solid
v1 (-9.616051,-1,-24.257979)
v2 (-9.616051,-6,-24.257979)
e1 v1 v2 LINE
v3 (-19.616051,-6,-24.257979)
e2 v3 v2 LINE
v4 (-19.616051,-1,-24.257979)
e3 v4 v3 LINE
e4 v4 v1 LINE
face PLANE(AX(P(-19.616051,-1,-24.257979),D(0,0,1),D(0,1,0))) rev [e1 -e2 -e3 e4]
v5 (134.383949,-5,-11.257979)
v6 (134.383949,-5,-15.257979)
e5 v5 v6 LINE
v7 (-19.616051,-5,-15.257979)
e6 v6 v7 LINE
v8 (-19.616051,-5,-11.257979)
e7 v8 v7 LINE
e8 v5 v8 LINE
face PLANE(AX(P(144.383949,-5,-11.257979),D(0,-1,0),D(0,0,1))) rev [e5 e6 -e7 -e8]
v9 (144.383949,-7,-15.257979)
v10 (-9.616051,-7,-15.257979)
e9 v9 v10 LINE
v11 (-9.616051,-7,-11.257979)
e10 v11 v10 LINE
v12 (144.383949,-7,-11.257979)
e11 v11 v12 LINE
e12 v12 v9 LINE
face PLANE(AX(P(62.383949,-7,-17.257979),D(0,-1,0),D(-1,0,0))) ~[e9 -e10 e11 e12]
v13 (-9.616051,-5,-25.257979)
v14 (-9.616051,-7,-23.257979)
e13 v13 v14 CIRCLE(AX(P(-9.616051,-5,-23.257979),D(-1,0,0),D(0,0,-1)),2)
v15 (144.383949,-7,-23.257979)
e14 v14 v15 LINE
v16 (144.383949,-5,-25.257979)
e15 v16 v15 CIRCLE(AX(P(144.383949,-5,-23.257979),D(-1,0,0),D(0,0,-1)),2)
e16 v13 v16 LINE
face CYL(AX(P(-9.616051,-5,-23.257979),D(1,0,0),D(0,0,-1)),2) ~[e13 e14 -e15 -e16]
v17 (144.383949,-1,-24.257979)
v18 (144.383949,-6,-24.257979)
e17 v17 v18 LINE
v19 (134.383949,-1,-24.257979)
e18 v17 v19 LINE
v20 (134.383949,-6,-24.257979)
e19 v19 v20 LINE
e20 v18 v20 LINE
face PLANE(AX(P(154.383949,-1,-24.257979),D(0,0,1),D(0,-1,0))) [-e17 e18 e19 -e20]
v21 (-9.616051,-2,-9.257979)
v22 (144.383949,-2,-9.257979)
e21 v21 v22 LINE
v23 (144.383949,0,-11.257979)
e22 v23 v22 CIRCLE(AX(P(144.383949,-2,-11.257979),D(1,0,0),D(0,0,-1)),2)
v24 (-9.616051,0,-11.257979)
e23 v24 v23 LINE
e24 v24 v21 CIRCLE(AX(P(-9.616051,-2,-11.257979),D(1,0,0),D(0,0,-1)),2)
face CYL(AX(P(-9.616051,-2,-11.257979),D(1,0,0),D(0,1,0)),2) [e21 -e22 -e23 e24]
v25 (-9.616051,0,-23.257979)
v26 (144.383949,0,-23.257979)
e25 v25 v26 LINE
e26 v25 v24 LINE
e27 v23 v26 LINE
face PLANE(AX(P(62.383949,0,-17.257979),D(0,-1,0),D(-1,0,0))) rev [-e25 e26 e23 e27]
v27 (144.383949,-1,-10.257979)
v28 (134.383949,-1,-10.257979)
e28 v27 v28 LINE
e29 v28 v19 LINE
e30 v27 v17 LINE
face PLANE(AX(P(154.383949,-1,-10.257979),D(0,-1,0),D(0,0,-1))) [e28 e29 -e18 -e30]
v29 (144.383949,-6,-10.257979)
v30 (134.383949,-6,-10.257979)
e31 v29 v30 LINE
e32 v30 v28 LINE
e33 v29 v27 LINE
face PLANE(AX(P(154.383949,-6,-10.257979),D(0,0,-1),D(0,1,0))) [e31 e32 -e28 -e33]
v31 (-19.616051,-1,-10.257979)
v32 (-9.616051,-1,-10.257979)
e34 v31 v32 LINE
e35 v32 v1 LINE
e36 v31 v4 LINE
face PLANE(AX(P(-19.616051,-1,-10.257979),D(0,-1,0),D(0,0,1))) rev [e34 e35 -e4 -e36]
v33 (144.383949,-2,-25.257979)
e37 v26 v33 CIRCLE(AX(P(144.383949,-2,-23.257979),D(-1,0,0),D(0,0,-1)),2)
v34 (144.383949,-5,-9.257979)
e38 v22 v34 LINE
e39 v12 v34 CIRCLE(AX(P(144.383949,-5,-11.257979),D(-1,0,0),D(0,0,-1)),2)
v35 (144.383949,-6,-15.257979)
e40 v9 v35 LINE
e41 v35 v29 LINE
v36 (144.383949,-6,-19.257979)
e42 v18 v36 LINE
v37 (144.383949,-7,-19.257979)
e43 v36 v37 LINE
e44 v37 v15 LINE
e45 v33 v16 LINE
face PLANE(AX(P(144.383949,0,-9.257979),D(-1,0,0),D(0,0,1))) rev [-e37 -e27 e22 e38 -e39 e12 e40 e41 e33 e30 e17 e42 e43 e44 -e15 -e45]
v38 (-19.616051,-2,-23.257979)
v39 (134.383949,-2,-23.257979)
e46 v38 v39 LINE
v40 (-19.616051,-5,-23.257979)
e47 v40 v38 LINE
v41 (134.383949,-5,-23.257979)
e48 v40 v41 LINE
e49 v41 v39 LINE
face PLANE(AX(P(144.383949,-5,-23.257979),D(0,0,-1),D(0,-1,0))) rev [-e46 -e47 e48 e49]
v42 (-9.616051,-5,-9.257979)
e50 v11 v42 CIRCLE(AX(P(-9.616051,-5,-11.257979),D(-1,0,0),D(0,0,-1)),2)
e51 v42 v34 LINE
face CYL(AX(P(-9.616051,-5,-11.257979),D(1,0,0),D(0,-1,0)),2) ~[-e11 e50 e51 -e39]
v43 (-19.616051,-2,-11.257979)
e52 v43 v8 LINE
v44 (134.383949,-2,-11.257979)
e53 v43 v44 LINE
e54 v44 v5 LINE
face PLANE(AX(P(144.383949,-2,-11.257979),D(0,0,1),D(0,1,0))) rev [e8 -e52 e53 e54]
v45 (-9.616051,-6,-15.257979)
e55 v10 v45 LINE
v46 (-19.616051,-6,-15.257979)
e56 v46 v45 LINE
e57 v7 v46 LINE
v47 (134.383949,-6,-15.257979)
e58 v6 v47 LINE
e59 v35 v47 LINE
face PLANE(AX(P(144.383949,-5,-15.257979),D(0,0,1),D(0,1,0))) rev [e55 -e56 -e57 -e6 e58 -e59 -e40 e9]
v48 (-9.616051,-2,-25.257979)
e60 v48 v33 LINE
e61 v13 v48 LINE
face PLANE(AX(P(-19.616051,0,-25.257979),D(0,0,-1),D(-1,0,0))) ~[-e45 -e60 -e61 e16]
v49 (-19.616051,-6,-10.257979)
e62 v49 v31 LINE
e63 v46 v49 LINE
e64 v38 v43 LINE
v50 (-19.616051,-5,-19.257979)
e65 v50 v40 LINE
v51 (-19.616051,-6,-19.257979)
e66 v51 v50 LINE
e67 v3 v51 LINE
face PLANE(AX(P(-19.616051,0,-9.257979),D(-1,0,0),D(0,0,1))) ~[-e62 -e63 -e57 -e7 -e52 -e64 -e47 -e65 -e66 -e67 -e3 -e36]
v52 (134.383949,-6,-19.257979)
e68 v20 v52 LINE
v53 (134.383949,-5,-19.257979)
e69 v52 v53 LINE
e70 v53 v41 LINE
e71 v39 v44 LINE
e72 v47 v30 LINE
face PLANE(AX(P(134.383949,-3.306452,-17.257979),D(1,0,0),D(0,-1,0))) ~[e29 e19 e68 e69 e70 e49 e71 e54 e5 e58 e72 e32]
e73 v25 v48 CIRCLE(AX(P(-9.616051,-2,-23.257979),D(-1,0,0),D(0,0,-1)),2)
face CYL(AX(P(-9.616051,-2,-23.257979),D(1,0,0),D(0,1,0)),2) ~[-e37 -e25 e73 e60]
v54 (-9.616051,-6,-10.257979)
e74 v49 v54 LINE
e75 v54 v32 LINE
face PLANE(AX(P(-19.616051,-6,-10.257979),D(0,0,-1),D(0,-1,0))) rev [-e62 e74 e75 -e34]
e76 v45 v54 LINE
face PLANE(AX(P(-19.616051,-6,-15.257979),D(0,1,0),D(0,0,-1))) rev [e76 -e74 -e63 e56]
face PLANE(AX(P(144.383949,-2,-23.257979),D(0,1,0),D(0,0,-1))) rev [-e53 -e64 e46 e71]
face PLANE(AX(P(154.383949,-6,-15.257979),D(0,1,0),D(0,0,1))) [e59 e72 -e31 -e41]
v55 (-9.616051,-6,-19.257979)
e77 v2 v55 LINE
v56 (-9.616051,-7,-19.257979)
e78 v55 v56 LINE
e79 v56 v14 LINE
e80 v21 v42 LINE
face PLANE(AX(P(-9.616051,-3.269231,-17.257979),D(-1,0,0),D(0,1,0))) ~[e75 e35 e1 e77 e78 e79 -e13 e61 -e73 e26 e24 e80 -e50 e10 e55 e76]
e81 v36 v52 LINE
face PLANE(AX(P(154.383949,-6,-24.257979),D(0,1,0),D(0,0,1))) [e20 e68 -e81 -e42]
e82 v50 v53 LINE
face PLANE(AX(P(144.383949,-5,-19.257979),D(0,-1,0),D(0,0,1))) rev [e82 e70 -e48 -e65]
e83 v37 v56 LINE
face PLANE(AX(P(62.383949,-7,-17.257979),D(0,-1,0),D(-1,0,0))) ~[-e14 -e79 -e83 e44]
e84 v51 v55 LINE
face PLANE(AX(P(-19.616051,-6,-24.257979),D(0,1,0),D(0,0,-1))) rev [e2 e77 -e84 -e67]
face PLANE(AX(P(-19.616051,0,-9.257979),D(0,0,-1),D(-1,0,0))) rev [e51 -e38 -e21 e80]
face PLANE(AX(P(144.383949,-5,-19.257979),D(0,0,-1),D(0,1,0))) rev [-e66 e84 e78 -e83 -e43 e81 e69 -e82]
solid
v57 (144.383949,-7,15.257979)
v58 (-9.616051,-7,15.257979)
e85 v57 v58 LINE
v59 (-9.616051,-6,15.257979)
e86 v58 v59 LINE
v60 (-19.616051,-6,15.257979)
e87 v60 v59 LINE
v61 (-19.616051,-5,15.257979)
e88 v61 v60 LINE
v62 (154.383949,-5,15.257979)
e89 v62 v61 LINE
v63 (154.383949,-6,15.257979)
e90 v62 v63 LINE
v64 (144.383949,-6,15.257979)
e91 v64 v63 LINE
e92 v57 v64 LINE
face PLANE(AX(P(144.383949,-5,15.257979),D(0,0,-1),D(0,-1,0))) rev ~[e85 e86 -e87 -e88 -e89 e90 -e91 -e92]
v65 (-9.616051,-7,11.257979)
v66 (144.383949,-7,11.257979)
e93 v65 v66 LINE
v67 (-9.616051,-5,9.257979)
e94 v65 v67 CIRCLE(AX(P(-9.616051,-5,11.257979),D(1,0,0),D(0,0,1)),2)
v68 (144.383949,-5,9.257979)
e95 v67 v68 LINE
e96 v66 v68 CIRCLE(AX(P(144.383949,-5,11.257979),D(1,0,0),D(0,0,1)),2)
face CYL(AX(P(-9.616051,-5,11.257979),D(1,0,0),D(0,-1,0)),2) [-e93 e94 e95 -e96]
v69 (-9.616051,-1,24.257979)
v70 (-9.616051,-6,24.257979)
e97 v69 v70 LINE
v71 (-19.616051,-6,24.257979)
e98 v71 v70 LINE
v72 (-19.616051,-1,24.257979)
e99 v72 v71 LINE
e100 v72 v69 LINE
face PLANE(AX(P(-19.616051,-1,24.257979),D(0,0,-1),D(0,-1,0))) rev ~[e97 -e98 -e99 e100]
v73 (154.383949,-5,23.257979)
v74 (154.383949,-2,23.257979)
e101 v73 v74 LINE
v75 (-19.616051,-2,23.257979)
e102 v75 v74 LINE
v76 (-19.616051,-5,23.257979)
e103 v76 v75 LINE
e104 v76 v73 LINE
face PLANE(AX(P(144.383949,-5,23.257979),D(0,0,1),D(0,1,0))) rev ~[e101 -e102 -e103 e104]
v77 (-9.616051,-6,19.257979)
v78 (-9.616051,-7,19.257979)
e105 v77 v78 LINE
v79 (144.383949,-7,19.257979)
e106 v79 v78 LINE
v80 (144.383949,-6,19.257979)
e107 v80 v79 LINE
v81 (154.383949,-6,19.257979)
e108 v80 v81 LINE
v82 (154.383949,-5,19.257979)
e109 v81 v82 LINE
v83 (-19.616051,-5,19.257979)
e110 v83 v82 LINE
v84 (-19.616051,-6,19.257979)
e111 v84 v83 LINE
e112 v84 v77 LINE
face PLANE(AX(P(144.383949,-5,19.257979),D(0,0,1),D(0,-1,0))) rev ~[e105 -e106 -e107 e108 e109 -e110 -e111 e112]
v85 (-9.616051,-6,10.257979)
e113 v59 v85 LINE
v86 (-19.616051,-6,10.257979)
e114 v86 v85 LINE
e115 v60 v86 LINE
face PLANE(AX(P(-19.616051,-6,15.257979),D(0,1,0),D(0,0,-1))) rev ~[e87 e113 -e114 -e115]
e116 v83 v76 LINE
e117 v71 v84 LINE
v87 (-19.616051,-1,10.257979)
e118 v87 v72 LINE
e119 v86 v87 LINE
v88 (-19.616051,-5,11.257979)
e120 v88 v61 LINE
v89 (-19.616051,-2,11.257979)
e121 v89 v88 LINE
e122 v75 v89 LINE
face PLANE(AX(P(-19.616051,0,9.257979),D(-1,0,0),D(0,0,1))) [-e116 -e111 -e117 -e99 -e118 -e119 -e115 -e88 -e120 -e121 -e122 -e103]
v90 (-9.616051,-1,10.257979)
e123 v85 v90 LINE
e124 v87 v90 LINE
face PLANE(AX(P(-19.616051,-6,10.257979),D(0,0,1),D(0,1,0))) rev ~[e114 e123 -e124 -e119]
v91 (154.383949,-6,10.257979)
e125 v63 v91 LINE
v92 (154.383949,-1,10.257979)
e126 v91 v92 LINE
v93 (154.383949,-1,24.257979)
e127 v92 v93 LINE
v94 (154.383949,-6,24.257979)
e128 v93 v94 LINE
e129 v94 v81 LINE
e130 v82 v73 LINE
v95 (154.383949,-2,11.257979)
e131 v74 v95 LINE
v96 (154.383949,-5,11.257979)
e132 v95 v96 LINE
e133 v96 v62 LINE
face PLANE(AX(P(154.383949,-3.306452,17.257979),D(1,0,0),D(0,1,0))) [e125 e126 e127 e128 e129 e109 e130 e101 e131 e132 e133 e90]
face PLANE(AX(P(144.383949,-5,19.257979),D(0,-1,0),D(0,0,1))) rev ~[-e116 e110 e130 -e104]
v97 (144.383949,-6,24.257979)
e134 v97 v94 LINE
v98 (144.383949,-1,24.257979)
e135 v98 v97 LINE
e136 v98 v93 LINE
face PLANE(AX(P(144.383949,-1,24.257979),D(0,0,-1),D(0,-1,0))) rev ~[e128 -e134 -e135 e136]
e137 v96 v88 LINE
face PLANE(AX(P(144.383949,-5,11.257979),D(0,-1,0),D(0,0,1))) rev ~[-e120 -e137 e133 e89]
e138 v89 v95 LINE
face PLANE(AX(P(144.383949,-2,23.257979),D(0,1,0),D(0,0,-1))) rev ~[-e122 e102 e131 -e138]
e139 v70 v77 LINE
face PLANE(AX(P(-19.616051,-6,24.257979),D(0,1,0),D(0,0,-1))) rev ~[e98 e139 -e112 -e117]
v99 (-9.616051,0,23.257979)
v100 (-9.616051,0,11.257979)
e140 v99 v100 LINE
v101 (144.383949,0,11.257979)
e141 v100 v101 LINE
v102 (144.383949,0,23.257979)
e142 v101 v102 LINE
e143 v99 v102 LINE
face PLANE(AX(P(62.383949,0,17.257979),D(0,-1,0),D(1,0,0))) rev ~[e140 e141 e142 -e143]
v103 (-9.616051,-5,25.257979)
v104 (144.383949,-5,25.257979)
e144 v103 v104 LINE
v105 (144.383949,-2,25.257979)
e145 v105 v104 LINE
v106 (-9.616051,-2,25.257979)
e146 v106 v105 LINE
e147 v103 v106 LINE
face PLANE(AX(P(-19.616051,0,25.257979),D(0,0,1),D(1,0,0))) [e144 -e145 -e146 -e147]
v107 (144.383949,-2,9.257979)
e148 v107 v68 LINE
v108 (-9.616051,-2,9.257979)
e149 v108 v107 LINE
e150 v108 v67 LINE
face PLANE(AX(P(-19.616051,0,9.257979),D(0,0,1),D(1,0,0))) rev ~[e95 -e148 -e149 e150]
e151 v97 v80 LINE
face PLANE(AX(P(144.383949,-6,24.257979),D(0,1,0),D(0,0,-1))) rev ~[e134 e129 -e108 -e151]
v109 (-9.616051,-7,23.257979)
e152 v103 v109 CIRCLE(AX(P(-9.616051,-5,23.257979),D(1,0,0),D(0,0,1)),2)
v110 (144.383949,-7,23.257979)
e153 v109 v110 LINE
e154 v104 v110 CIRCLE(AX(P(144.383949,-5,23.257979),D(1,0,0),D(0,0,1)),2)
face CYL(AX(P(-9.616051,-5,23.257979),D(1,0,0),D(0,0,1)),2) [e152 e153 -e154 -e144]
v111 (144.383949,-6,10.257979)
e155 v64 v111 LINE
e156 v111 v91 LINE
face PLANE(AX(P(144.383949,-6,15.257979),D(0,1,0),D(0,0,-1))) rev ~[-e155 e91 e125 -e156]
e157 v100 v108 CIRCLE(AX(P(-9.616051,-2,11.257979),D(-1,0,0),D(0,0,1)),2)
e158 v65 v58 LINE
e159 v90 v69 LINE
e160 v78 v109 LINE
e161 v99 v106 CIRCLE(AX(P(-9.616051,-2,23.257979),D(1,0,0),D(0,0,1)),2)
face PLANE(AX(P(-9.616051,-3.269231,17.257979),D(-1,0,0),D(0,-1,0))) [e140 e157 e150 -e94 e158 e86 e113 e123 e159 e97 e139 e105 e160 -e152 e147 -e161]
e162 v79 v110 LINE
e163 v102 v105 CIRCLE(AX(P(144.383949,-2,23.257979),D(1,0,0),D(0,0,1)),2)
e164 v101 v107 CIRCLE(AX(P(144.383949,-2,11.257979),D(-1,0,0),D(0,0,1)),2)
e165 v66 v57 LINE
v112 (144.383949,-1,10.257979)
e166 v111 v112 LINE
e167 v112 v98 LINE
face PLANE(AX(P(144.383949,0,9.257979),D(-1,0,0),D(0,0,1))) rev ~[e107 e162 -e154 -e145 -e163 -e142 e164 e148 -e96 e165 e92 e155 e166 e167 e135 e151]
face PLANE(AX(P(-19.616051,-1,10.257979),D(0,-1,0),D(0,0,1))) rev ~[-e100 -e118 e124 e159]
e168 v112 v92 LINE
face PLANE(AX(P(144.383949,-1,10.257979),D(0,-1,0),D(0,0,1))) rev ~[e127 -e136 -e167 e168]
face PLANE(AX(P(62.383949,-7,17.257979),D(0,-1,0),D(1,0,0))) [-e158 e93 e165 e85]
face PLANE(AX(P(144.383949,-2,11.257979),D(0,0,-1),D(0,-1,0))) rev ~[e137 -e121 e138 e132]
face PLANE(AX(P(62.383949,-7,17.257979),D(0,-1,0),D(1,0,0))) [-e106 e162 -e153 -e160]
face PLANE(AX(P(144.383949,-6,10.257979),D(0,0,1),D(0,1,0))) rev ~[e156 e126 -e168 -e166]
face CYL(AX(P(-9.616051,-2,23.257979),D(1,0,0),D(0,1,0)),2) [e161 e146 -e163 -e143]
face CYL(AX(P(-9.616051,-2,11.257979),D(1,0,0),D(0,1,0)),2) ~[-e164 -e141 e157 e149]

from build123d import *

# Parameters (mm, degrees)
F0_W      = 164
F0_H      = 16
F1_DEPTH  = 7
F3_DEPTH  = 164.001
F5_DEPTH  = 10
F7_DEPTH  = 10
F8_R      = 2
F10_DEPTH = 20


with BuildPart() as f1:
    # F0 (on Front) → F1 (new body)
    with BuildSketch(Plane.XZ):
        with Locations((62.3839493543, 17.2579787597)):
            Rectangle(F0_W, F0_H)
    extrude(amount=F1_DEPTH)

    # F2 (on face) → F3 (cut, through all)
    with BuildSketch(Plane.YZ.offset(144.3839493543)):
        Polygon((-7, 19.2579787597), (-7, 15.2579787597), (-5, 15.2579787597), (-5, 11.2579787597), (-2, 11.2579787597), (-2, 23.2579787597), (-5, 23.2579787597), (-5, 19.2579787597), align=None)
    extrude(amount=-F3_DEPTH, mode=Mode.SUBTRACT)

    # F4 (on face) → F5 (join)
    with BuildSketch(Plane.YZ.offset(144.3839493543)):
        Polygon((-6, 15.2579787597), (-6, 10.2579787597), (-1, 10.2579787597), (-1, 24.2579787597), (-6, 24.2579787597), (-6, 19.2579787597), (-5, 19.2579787597), (-5, 23.2579787597), (-2, 23.2579787597), (-2, 11.2579787597), (-5, 11.2579787597), (-5, 15.2579787597), align=None)
    extrude(amount=F5_DEPTH)

    # F6 (on face) → F7 (cut)
    with BuildSketch(Plane(origin=(-19.6160506457, 0, 0), x_dir=(0, -1, 0), z_dir=(-1, 0, 0))):
        Polygon((1, 24.2579787597), (6, 24.2579787597), (6, 19.2579787597), (7, 19.2579787597), (7, 25.2579787597), (0, 25.2579787597), (0, 9.2579787597), (7, 9.2579787597), (7, 15.2579787597), (6, 15.2579787597), (6, 10.2579787597), (1, 10.2579787597), align=None)
    extrude(amount=-F7_DEPTH, mode=Mode.SUBTRACT)

    # F8
    f8_edges = [f1.edges().sort_by_distance(p)[0] for p in [
        (67.383949, -7, 25.257979),
        (67.383949, -7, 9.257979),
        (67.383949, 0, 25.257979),
        (67.383949, 0, 9.257979),
    ]]
    fillet(f8_edges, radius=F8_R)


with BuildPart() as f9_1:
    # F9: instance of F1
    add(f1.part.mirror(Plane.XY))

    # F10 (cut): a face of the model
    f10_faces = [f9_1.faces().sort_by_distance(p)[0] for p in [
        (154.3839493543, -5.8513393125, -12.7579787597),
    ]]
    extrude(f10_faces, amount=-F10_DEPTH, mode=Mode.SUBTRACT)


solid = Compound([f1.part, f9_1.part])
